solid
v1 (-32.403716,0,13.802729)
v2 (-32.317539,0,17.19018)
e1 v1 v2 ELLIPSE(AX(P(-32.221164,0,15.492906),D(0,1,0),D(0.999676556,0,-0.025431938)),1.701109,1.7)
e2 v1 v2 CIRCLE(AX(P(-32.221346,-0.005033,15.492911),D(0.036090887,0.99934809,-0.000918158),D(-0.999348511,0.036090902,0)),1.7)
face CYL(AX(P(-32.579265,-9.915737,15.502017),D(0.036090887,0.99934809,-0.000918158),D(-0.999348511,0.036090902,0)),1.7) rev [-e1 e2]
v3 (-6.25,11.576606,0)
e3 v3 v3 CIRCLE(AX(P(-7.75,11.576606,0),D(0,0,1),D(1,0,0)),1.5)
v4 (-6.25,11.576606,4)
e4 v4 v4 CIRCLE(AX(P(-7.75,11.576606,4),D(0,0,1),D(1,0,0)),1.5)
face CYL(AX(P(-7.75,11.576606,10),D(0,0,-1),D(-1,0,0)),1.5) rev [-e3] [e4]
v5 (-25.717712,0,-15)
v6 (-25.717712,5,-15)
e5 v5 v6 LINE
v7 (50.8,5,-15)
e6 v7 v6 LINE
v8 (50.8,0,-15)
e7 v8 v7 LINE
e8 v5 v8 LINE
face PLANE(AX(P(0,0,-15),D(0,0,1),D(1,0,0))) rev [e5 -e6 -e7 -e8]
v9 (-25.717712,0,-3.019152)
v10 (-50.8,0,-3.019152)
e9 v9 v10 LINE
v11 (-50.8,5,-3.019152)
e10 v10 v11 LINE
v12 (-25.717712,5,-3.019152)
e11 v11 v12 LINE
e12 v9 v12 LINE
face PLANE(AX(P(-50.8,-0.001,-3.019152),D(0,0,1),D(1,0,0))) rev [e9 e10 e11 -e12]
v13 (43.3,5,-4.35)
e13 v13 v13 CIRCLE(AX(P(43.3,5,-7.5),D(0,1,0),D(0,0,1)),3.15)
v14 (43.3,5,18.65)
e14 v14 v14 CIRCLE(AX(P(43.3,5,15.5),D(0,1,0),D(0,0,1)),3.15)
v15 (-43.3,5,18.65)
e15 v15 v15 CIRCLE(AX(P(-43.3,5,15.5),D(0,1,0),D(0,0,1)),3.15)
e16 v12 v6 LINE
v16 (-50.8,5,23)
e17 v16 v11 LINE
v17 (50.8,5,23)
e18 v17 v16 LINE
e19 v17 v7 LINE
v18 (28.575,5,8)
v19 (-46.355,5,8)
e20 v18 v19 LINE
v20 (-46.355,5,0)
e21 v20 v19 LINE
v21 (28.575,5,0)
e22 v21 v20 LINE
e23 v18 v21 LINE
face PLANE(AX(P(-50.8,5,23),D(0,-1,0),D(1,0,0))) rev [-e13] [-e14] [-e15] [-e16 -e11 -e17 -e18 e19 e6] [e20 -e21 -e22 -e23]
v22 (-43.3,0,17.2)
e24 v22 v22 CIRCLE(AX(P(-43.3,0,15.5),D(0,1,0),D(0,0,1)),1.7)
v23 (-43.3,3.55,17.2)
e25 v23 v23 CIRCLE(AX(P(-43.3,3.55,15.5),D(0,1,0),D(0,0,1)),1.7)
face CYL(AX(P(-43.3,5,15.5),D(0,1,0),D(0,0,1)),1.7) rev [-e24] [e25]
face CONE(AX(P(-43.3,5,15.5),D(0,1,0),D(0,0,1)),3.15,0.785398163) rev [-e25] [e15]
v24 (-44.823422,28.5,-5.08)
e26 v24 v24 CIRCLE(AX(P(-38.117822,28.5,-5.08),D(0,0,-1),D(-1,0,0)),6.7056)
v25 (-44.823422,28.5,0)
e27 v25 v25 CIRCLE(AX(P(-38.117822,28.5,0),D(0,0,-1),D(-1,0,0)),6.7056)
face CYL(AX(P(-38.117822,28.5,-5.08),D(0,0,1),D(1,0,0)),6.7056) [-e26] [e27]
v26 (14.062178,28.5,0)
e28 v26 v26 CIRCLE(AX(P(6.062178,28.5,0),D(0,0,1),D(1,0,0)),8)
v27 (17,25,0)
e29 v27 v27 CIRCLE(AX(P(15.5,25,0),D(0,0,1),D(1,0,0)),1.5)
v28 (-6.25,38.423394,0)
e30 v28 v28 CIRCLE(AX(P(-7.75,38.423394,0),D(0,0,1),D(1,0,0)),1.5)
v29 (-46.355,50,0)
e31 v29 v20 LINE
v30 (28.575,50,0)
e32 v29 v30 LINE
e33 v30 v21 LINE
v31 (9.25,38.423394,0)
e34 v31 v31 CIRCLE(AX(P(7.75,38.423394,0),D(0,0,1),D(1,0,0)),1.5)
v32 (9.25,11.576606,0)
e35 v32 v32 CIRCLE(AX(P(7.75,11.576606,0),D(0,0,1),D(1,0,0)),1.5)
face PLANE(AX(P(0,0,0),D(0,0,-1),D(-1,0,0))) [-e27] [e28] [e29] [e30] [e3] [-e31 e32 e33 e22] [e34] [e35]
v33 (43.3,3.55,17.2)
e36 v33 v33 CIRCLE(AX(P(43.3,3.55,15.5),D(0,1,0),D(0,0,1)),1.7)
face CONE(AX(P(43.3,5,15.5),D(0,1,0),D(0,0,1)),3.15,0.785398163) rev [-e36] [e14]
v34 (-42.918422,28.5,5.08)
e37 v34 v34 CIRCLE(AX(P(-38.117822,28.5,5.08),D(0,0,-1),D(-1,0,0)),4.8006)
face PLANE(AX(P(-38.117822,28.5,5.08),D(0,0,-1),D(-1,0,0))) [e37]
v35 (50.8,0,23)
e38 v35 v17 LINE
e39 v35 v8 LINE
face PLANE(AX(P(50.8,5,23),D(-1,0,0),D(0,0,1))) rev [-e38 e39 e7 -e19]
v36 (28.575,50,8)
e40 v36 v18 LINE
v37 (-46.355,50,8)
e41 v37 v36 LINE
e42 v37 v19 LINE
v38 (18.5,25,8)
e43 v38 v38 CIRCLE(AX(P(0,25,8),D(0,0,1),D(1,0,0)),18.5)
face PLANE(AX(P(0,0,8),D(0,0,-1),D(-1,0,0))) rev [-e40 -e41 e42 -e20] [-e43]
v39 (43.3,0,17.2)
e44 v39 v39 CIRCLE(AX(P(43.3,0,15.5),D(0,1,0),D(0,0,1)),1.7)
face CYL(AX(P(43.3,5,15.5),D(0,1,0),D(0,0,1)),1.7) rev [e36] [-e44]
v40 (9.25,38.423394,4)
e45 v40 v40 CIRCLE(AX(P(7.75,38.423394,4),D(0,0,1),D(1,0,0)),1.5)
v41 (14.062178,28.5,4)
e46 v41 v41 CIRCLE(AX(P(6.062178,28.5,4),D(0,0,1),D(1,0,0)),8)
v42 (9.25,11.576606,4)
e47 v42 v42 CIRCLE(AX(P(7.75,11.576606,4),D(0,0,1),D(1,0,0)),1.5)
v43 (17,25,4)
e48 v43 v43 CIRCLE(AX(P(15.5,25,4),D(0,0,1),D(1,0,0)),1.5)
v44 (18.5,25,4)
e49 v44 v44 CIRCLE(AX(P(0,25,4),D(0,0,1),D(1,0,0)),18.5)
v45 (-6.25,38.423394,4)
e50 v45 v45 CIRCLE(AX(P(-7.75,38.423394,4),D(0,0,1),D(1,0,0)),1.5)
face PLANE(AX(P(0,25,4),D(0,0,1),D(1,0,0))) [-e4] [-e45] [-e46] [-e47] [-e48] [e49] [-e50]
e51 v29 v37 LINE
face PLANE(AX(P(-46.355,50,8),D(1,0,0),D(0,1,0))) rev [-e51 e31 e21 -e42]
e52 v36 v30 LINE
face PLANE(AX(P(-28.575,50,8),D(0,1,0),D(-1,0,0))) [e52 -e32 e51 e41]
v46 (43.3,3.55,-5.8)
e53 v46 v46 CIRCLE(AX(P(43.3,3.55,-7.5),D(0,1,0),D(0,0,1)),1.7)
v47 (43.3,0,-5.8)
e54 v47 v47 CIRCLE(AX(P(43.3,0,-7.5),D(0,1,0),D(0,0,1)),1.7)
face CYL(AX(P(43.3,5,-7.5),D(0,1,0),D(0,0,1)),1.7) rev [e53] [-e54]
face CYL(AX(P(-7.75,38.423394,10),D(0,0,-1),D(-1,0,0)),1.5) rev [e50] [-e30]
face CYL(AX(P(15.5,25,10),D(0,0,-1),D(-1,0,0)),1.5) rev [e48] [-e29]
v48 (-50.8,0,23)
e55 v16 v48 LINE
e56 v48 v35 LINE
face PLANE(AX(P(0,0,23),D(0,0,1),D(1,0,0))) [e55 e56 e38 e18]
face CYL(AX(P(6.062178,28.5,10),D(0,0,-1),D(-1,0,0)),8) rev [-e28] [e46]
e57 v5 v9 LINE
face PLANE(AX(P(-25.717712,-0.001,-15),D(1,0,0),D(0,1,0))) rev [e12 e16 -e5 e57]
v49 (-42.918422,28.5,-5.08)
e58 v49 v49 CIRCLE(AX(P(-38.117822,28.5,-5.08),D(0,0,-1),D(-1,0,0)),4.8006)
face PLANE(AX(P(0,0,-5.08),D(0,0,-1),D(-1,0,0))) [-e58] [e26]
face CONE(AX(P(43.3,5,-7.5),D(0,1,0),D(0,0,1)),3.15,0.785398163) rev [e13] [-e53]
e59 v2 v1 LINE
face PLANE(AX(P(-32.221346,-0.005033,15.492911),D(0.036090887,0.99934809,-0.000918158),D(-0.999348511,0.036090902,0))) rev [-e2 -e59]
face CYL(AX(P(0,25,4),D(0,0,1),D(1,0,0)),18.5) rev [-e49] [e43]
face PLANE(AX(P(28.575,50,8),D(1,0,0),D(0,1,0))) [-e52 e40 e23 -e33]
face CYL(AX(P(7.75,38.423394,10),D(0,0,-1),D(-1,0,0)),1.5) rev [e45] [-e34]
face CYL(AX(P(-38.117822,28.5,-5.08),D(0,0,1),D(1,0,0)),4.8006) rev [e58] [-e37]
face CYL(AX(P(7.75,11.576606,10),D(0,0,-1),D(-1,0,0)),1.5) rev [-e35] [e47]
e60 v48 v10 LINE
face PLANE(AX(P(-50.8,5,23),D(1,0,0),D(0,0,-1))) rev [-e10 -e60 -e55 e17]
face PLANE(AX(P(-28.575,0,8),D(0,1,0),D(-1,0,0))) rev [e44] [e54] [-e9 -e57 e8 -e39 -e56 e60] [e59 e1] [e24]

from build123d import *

# Parameters (mm, degrees)
SKETCH3_W                                       = 57.15
SKETCH3_H                                       = 50
BOSS_EXTRUDE1_DEPTH                             = 8
SKETCH3_3_R                                     = 1.5
SKETCH3_3_R_2                                   = 8
CUT_EXTRUDE2_DEPTH                              = 10
SKETCH4_R                                       = 18.5
CUT_EXTRUDE3_DEPTH                              = 4
BOSS_EXTRUDE2_DEPTH                             = 15
BOSS_EXTRUDE2_DEPTH_BACK                        = 23
SKETCH6_W                                       = 101.6
SKETCH6_H                                       = 5
CSK_FOR_M3_FLAT_HEAD_MACHINE_SCREW1_D           = 3.4
CSK_FOR_M3_FLAT_HEAD_MACHINE_SCREW1_CSINK_D     = 6.3
CSK_FOR_M3_FLAT_HEAD_MACHINE_SCREW1_CSINK_ANGLE = 90
CUT_EXTRUDE6_REACH                              = 555.432
SKETCH16_R                                      = 1.7
CUT_EXTRUDE7_REACH                              = 73.656
SKETCH17_W                                      = 25.08228791
SKETCH17_H                                      = 11.980848154
SKETCH18_W                                      = 17.78
SKETCH18_H                                      = 8
BOSS_EXTRUDE3_DEPTH                             = 45
SKETCH13_R                                      = 6.7056
SKETCH13_R_2                                    = 4.8006
BOSS_EXTRUDE4_DEPTH                             = 5.08
CUT_EXTRUDE8_START                              = -5.08
SKETCH19_R                                      = 4.8006
CUT_EXTRUDE8_DEPTH                              = 5.08


with BuildPart() as part:
    # Sketch3 → Boss-Extrude1 (new body)
    with BuildSketch(Plane.XY):
        with Locations((0, 25)):
            Rectangle(SKETCH3_W, SKETCH3_H)
    extrude(amount=BOSS_EXTRUDE1_DEPTH)

    # Sketch3<3> → Cut-Extrude2 (cut)
    with BuildSketch(Plane.XY):
        with Locations(Location((-7.75, 38.423393759, 0), (0, 0, 180))):
            Circle(SKETCH3_3_R)
        with Locations(Location((7.75, 38.423393759, 0), (0, 0, 180))):
            Circle(SKETCH3_3_R)
        with Locations(Location((-7.75, 11.576606241, 0), (0, 0, 180))):
            Circle(SKETCH3_3_R)
        with Locations(Location((7.75, 11.576606241, 0), (0, 0, 180))):
            Circle(SKETCH3_3_R)
        with Locations(Location((15.5, 25, 0), (0, 0, 180))):
            Circle(SKETCH3_3_R)
        with Locations(Location((6.062177825, 28.499999999, 0), (0, 0, 180))):
            Circle(SKETCH3_3_R_2)
    extrude(amount=CUT_EXTRUDE2_DEPTH, mode=Mode.SUBTRACT)

    # Sketch4 → Cut-Extrude3 (cut)
    with BuildSketch(Plane.XY.offset(8)):
        with Locations((0, 25)):
            Circle(SKETCH4_R)
    extrude(amount=-CUT_EXTRUDE3_DEPTH, mode=Mode.SUBTRACT)

    # Sketch6 → Boss-Extrude2 (add, two sides: drawn at the far end of the back side and taken through both)
    with BuildSketch(Plane.XY.offset(8).offset(-BOSS_EXTRUDE2_DEPTH_BACK)):
        with Locations((0, 2.5)):
            Rectangle(SKETCH6_W, SKETCH6_H)
    extrude(amount=BOSS_EXTRUDE2_DEPTH + BOSS_EXTRUDE2_DEPTH_BACK)

    # CSK for M3 Flat Head Machine Screw1 (through all)
    with Locations(Plane(origin=(0, 5, 0), x_dir=(1, 0, 0), z_dir=(0, 1, 0))):
        with Locations((-43.3, 7.5), (-43.3, -15.5), (43.3, -15.5), (43.3, 7.5)):
            CounterSinkHole(CSK_FOR_M3_FLAT_HEAD_MACHINE_SCREW1_D / 2, CSK_FOR_M3_FLAT_HEAD_MACHINE_SCREW1_CSINK_D / 2, counter_sink_angle=CSK_FOR_M3_FLAT_HEAD_MACHINE_SCREW1_CSINK_ANGLE)

    # Sketch16 → Cut-Extrude6 (cut, up to next)
    with BuildSketch(Plane(origin=(-499.248949842, 16.821159134, -28.308871479), x_dir=(0.050830850863696445, -0.0009181581696577921, 0.9987068546806156), z_dir=(0.036090886531912156, 0.9993480899541041, -0.0009181581696584951)), mode=Mode.PRIVATE) as cut_extrude6_sk1:
        with Locations((67.5, 464.499999998)):
            Circle(SKETCH16_R)
    cut_extrude6_tool1 = extrude(cut_extrude6_sk1.sketch, amount=-CUT_EXTRUDE6_REACH, mode=Mode.PRIVATE) & part.part
    # Sketch16 → Cut-Extrude6 (cut, up to next)
    with BuildSketch(Plane(origin=(-499.248949842, 16.821159134, -28.308871479), x_dir=(0.050830850863696445, -0.0009181581696577921, 0.9987068546806156), z_dir=(0.036090886531912156, 0.9993480899541041, -0.0009181581696584951)), mode=Mode.PRIVATE) as cut_extrude6_sk2:
        with Locations((44.5, 464.499999998)):
            Circle(SKETCH16_R)
    cut_extrude6_tool2 = extrude(cut_extrude6_sk2.sketch, amount=-CUT_EXTRUDE6_REACH, mode=Mode.PRIVATE) & part.part
    add(cut_extrude6_tool1.solids().sort_by_distance((-32.221346, -0.005033, 15.492911))[0], mode=Mode.SUBTRACT)
    add(cut_extrude6_tool2.solids().sort_by_distance((-33.390455, 0.016084, -7.477347))[0], mode=Mode.SUBTRACT)

    # Sketch17 → Cut-Extrude7 (cut, up to next)
    with BuildSketch(Plane(origin=(0, 5, 0), x_dir=(1, 0, 0), z_dir=(0, 1, 0)), mode=Mode.PRIVATE) as cut_extrude7_sk1:
        with Locations((-38.258856045, 9.009575923)):
            Rectangle(SKETCH17_W, SKETCH17_H)
    cut_extrude7_tool1 = extrude(cut_extrude7_sk1.sketch, amount=-CUT_EXTRUDE7_REACH, mode=Mode.PRIVATE) & part.part
    add(cut_extrude7_tool1.solids().sort_by_distance((-38.258856, 5, -9.009576))[0], mode=Mode.SUBTRACT)

    # Sketch18 → Boss-Extrude3 (add)
    with BuildSketch(Plane(origin=(0, 5, 0), x_dir=(1, 0, 0), z_dir=(0, 1, 0))):
        with Locations((-37.465, -4)):
            Rectangle(SKETCH18_W, SKETCH18_H)
    extrude(amount=BOSS_EXTRUDE3_DEPTH)

    # Sketch13 → Boss-Extrude4 (add)
    with BuildSketch(Plane(origin=(0, 0, 0), x_dir=(-1, 0, 0), z_dir=(0, 0, -1))):
        with Locations((38.117822207, 28.499999999)):
            Circle(SKETCH13_R)
        with Locations((38.117822207, 28.499999999)):
            Circle(SKETCH13_R_2, mode=Mode.SUBTRACT)
    extrude(amount=BOSS_EXTRUDE4_DEPTH)

    # Sketch19 → Cut-Extrude8 (cut)
    with BuildSketch(Plane(origin=(0, 0, 0), x_dir=(-1, 0, 0), z_dir=(0, 0, -1)).offset(CUT_EXTRUDE8_START)):
        with Locations((38.117822207, 28.499999999)):
            Circle(SKETCH19_R)
    extrude(amount=CUT_EXTRUDE8_DEPTH, mode=Mode.SUBTRACT)


solid = part.part
